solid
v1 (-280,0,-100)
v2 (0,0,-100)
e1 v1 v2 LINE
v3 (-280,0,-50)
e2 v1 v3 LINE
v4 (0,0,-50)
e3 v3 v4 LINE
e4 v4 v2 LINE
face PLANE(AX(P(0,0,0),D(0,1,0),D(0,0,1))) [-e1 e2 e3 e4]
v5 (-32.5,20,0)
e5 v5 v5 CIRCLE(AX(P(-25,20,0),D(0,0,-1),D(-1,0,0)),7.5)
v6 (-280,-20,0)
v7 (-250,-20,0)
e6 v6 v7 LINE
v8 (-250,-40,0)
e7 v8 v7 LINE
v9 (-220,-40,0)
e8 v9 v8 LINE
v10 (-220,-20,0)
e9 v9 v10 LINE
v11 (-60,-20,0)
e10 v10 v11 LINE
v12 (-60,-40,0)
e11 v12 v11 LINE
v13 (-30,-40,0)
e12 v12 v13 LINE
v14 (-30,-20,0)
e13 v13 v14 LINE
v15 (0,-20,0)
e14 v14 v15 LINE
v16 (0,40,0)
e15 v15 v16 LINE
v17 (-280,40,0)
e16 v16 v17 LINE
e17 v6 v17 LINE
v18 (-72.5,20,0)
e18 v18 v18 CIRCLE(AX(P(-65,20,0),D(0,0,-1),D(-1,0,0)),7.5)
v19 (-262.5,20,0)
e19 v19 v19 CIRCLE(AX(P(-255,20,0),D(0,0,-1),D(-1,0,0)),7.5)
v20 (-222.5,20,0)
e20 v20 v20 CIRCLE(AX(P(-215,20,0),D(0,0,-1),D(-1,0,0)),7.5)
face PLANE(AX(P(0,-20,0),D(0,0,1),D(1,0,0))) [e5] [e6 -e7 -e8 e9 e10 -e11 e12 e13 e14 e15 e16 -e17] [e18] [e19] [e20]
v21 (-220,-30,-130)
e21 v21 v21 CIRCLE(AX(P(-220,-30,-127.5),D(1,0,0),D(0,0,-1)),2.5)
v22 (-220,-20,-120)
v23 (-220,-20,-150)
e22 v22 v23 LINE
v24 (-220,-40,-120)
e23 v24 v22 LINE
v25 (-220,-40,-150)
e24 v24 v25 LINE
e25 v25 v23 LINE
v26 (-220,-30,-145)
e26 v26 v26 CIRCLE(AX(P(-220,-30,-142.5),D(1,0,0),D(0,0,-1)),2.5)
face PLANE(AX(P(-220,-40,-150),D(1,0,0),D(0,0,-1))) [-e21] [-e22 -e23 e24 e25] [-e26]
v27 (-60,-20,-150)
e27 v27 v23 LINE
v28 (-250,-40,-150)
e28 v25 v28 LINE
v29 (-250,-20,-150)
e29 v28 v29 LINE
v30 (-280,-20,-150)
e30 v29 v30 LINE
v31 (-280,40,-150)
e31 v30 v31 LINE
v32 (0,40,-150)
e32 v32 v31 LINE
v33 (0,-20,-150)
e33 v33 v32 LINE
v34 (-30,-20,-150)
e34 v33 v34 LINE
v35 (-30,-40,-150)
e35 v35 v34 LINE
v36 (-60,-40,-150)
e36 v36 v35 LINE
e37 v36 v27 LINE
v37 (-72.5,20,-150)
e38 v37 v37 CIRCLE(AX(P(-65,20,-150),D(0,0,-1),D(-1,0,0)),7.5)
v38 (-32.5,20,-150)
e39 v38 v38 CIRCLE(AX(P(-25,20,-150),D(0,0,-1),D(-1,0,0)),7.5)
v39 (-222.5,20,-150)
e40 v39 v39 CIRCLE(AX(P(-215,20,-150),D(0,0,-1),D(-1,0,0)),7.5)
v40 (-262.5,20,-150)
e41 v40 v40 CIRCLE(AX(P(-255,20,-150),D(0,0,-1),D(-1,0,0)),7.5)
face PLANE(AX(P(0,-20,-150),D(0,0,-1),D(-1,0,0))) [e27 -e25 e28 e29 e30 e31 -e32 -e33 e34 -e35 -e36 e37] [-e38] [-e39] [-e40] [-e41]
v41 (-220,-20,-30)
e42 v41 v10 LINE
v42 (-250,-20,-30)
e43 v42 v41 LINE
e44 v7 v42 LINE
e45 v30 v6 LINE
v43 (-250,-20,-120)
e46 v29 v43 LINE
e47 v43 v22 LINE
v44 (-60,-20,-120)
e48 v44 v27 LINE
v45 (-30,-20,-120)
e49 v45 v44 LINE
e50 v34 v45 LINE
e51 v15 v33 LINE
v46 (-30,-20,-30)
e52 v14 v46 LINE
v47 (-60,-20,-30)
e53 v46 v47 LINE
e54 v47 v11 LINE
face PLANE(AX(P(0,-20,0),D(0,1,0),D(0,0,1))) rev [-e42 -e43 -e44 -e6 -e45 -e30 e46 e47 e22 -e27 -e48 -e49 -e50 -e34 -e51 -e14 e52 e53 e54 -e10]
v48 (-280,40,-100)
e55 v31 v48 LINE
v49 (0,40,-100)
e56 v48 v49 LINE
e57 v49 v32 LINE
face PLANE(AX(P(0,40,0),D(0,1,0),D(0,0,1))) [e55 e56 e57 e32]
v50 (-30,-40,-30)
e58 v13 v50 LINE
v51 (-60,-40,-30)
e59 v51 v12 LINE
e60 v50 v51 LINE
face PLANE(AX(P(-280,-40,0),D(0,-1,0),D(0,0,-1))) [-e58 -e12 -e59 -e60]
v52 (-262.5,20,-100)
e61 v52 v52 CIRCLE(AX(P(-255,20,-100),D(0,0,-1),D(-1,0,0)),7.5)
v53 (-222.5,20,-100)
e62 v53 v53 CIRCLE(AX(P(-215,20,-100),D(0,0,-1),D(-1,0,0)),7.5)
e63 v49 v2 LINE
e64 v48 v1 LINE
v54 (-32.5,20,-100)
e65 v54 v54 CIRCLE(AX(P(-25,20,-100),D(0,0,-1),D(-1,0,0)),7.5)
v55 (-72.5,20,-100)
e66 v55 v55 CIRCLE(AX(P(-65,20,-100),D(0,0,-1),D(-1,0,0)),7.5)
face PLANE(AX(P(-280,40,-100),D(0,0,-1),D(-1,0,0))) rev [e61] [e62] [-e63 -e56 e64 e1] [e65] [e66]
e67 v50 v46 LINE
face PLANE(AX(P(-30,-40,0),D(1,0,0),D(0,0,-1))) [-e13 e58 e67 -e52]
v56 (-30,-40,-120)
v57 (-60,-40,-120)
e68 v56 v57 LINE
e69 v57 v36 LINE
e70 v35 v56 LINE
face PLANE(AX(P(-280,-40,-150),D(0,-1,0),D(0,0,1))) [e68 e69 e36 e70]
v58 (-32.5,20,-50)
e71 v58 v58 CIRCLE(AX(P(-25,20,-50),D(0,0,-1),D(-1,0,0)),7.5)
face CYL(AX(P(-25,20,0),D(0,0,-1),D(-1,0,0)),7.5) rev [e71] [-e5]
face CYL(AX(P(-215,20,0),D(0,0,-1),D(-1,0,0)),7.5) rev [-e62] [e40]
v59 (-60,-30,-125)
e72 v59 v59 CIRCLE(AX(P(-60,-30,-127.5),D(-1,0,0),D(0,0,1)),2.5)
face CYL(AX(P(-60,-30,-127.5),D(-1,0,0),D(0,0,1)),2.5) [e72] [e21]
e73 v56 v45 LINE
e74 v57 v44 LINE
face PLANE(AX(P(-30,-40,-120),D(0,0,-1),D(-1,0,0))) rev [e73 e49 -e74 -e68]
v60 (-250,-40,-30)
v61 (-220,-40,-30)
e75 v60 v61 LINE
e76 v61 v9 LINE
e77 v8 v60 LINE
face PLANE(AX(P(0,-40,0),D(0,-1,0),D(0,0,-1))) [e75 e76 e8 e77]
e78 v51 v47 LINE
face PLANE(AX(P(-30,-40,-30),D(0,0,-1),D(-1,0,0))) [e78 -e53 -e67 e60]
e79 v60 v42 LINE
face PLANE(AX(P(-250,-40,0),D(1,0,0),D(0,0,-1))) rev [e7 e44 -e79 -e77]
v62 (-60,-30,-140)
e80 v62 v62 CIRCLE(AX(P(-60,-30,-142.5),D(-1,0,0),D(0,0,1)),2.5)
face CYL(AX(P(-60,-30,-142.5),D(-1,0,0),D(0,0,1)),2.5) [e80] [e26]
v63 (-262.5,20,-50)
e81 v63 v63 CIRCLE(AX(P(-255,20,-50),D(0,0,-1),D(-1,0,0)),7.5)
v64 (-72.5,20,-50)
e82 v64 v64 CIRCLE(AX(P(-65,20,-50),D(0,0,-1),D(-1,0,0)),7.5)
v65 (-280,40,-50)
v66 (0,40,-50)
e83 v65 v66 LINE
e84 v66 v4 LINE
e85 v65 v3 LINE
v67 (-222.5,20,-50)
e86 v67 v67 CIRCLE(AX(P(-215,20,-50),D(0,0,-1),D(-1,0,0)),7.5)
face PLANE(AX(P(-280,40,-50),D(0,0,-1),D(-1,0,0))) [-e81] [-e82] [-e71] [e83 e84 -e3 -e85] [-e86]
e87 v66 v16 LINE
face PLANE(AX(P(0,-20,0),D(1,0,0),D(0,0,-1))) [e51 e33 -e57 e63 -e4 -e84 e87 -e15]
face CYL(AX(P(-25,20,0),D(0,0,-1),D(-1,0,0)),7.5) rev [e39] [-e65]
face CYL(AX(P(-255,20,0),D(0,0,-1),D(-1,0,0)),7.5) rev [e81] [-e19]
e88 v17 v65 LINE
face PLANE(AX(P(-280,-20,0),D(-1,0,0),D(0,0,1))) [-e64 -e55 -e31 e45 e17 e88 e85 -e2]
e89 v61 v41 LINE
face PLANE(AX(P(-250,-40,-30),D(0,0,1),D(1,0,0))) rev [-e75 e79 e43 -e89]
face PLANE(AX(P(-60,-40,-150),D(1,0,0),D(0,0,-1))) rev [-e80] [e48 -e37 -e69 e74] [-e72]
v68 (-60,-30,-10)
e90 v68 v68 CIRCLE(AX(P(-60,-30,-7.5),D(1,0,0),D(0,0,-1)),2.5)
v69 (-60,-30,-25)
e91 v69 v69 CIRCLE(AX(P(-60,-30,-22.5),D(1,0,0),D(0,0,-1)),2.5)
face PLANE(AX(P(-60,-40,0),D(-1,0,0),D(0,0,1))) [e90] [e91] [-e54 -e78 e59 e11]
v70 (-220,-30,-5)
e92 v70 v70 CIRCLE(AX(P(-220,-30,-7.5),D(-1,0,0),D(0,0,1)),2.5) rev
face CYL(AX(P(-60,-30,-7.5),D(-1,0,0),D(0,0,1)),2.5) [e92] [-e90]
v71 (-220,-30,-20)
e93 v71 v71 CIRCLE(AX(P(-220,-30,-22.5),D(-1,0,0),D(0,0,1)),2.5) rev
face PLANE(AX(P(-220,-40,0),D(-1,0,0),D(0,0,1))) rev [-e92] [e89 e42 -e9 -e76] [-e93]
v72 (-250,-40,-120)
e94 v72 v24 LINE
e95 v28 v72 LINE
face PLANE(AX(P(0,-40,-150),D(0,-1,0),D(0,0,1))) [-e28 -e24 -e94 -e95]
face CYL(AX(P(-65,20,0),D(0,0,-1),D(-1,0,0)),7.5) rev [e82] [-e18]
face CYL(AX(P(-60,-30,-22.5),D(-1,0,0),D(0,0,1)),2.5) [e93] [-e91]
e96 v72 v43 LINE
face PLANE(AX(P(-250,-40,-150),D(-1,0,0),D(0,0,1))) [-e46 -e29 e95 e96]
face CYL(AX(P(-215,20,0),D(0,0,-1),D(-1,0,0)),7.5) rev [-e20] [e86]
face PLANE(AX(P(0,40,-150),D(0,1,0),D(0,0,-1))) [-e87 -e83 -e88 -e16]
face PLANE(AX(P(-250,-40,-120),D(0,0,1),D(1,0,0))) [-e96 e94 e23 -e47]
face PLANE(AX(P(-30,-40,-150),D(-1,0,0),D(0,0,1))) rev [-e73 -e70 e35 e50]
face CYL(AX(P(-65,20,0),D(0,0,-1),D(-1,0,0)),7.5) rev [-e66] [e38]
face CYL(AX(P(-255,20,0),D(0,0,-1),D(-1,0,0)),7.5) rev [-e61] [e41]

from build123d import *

# Parameters (mm, degrees)
SKETCH1_W                                  = 280
SKETCH1_H                                  = 150
BOSS_EXTRUDE1_DEPTH                        = 20
SKETCH2_W                                  = 30
SKETCH2_H                                  = 30
BOSS_EXTRUDE2_DEPTH                        = 20
MIRROR1_AT_THE_SECOND_PLANE_COPY_1_SKETC_W = 30
MIRROR1_AT_THE_SECOND_PLANE_COPY_1_SKETC_H = 30
MIRROR1_AT_THE_SECOND_PLANE_COPY_1_DEPTH   = 20
SKETCH3_R                                  = 2.5
BOSS_EXTRUDE3_DEPTH                        = 160
SKETCH7_W                                  = 280
SKETCH7_H                                  = 50
BOSS_EXTRUDE5_DEPTH                        = 40
SKETCH8_R                                  = 7.5
CUT_EXTRUDE1_DEPTH                         = 321.156211872


with BuildPart() as part:
    # Sketch1 → Boss-Extrude1 (new body)
    with BuildSketch(Plane(origin=(0, 0, 0), x_dir=(1, 0, 0), z_dir=(0, 1, 0))):
        with Locations((-140, 75)):
            Rectangle(SKETCH1_W, SKETCH1_H)
    extrude(amount=-BOSS_EXTRUDE1_DEPTH)

    # Sketch2 → Boss-Extrude2 (add)
    with BuildSketch(Plane.XZ.offset(20)):
        with Locations((-235, -15)):
            Rectangle(SKETCH2_W, SKETCH2_H)
    boss_extrude2 = extrude(amount=BOSS_EXTRUDE2_DEPTH)

    # Mirror1: Boss-Extrude2 across plane
    add(boss_extrude2.mirror(Plane.ZY.offset(140)))

    # Mirror1 at the second plane: Boss-Extrude2 across plane
    add(boss_extrude2.mirror(Plane(origin=(0, 0, -75), x_dir=(1, 0, 0), z_dir=(0, 0, -1))))

    # Mirror1 at the second plane copy 1 sketc → Mirror1 at the second plane copy 1 (add)
    with BuildSketch(Plane(origin=(-280, -20, -150), x_dir=(-1, 0, 0), z_dir=(0, -1, 0))):
        with Locations((-235, -15)):
            Rectangle(MIRROR1_AT_THE_SECOND_PLANE_COPY_1_SKETC_W, MIRROR1_AT_THE_SECOND_PLANE_COPY_1_SKETC_H)
    extrude(amount=MIRROR1_AT_THE_SECOND_PLANE_COPY_1_DEPTH)

    # Sketch3 → Boss-Extrude3 (add)
    with BuildSketch(Plane(origin=(-220, 0, 0), x_dir=(0, 0, -1), z_dir=(1, 0, 0))):
        with Locations(Location((7.5, -30, 0), (0, 0, 180))):
            Circle(SKETCH3_R)
        with Locations(Location((22.5, -30, 0), (0, 0, 180))):
            Circle(SKETCH3_R)
    boss_extrude3 = extrude(amount=BOSS_EXTRUDE3_DEPTH)

    # Mirror2: Boss-Extrude3 across plane
    add(boss_extrude3.mirror(Plane(origin=(0, 0, -75), x_dir=(1, 0, 0), z_dir=(0, 0, -1))))

    # Sketch7 → Boss-Extrude5 (add)
    with BuildSketch(Plane(origin=(0, 0, 0), x_dir=(1, 0, 0), z_dir=(0, 1, 0))):
        with Locations((-140, 125)):
            Rectangle(SKETCH7_W, SKETCH7_H)
    boss_extrude5 = extrude(amount=BOSS_EXTRUDE5_DEPTH)

    # Mirror4: Boss-Extrude5 across plane
    add(boss_extrude5.mirror(Plane(origin=(0, 0, -75), x_dir=(1, 0, 0), z_dir=(0, 0, -1))))

    # Sketch8 → Cut-Extrude1 (cut, through all)
    with BuildSketch(Plane(origin=(0, 0, -150), x_dir=(-1, 0, 0), z_dir=(0, 0, -1))):
        with Locations((25, 20)):
            Circle(SKETCH8_R)
        with Locations((65, 20)):
            Circle(SKETCH8_R)
        with Locations((215, 20)):
            Circle(SKETCH8_R)
        with Locations((255, 20)):
            Circle(SKETCH8_R)
    extrude(amount=-CUT_EXTRUDE1_DEPTH, mode=Mode.SUBTRACT)


solid = part.part
